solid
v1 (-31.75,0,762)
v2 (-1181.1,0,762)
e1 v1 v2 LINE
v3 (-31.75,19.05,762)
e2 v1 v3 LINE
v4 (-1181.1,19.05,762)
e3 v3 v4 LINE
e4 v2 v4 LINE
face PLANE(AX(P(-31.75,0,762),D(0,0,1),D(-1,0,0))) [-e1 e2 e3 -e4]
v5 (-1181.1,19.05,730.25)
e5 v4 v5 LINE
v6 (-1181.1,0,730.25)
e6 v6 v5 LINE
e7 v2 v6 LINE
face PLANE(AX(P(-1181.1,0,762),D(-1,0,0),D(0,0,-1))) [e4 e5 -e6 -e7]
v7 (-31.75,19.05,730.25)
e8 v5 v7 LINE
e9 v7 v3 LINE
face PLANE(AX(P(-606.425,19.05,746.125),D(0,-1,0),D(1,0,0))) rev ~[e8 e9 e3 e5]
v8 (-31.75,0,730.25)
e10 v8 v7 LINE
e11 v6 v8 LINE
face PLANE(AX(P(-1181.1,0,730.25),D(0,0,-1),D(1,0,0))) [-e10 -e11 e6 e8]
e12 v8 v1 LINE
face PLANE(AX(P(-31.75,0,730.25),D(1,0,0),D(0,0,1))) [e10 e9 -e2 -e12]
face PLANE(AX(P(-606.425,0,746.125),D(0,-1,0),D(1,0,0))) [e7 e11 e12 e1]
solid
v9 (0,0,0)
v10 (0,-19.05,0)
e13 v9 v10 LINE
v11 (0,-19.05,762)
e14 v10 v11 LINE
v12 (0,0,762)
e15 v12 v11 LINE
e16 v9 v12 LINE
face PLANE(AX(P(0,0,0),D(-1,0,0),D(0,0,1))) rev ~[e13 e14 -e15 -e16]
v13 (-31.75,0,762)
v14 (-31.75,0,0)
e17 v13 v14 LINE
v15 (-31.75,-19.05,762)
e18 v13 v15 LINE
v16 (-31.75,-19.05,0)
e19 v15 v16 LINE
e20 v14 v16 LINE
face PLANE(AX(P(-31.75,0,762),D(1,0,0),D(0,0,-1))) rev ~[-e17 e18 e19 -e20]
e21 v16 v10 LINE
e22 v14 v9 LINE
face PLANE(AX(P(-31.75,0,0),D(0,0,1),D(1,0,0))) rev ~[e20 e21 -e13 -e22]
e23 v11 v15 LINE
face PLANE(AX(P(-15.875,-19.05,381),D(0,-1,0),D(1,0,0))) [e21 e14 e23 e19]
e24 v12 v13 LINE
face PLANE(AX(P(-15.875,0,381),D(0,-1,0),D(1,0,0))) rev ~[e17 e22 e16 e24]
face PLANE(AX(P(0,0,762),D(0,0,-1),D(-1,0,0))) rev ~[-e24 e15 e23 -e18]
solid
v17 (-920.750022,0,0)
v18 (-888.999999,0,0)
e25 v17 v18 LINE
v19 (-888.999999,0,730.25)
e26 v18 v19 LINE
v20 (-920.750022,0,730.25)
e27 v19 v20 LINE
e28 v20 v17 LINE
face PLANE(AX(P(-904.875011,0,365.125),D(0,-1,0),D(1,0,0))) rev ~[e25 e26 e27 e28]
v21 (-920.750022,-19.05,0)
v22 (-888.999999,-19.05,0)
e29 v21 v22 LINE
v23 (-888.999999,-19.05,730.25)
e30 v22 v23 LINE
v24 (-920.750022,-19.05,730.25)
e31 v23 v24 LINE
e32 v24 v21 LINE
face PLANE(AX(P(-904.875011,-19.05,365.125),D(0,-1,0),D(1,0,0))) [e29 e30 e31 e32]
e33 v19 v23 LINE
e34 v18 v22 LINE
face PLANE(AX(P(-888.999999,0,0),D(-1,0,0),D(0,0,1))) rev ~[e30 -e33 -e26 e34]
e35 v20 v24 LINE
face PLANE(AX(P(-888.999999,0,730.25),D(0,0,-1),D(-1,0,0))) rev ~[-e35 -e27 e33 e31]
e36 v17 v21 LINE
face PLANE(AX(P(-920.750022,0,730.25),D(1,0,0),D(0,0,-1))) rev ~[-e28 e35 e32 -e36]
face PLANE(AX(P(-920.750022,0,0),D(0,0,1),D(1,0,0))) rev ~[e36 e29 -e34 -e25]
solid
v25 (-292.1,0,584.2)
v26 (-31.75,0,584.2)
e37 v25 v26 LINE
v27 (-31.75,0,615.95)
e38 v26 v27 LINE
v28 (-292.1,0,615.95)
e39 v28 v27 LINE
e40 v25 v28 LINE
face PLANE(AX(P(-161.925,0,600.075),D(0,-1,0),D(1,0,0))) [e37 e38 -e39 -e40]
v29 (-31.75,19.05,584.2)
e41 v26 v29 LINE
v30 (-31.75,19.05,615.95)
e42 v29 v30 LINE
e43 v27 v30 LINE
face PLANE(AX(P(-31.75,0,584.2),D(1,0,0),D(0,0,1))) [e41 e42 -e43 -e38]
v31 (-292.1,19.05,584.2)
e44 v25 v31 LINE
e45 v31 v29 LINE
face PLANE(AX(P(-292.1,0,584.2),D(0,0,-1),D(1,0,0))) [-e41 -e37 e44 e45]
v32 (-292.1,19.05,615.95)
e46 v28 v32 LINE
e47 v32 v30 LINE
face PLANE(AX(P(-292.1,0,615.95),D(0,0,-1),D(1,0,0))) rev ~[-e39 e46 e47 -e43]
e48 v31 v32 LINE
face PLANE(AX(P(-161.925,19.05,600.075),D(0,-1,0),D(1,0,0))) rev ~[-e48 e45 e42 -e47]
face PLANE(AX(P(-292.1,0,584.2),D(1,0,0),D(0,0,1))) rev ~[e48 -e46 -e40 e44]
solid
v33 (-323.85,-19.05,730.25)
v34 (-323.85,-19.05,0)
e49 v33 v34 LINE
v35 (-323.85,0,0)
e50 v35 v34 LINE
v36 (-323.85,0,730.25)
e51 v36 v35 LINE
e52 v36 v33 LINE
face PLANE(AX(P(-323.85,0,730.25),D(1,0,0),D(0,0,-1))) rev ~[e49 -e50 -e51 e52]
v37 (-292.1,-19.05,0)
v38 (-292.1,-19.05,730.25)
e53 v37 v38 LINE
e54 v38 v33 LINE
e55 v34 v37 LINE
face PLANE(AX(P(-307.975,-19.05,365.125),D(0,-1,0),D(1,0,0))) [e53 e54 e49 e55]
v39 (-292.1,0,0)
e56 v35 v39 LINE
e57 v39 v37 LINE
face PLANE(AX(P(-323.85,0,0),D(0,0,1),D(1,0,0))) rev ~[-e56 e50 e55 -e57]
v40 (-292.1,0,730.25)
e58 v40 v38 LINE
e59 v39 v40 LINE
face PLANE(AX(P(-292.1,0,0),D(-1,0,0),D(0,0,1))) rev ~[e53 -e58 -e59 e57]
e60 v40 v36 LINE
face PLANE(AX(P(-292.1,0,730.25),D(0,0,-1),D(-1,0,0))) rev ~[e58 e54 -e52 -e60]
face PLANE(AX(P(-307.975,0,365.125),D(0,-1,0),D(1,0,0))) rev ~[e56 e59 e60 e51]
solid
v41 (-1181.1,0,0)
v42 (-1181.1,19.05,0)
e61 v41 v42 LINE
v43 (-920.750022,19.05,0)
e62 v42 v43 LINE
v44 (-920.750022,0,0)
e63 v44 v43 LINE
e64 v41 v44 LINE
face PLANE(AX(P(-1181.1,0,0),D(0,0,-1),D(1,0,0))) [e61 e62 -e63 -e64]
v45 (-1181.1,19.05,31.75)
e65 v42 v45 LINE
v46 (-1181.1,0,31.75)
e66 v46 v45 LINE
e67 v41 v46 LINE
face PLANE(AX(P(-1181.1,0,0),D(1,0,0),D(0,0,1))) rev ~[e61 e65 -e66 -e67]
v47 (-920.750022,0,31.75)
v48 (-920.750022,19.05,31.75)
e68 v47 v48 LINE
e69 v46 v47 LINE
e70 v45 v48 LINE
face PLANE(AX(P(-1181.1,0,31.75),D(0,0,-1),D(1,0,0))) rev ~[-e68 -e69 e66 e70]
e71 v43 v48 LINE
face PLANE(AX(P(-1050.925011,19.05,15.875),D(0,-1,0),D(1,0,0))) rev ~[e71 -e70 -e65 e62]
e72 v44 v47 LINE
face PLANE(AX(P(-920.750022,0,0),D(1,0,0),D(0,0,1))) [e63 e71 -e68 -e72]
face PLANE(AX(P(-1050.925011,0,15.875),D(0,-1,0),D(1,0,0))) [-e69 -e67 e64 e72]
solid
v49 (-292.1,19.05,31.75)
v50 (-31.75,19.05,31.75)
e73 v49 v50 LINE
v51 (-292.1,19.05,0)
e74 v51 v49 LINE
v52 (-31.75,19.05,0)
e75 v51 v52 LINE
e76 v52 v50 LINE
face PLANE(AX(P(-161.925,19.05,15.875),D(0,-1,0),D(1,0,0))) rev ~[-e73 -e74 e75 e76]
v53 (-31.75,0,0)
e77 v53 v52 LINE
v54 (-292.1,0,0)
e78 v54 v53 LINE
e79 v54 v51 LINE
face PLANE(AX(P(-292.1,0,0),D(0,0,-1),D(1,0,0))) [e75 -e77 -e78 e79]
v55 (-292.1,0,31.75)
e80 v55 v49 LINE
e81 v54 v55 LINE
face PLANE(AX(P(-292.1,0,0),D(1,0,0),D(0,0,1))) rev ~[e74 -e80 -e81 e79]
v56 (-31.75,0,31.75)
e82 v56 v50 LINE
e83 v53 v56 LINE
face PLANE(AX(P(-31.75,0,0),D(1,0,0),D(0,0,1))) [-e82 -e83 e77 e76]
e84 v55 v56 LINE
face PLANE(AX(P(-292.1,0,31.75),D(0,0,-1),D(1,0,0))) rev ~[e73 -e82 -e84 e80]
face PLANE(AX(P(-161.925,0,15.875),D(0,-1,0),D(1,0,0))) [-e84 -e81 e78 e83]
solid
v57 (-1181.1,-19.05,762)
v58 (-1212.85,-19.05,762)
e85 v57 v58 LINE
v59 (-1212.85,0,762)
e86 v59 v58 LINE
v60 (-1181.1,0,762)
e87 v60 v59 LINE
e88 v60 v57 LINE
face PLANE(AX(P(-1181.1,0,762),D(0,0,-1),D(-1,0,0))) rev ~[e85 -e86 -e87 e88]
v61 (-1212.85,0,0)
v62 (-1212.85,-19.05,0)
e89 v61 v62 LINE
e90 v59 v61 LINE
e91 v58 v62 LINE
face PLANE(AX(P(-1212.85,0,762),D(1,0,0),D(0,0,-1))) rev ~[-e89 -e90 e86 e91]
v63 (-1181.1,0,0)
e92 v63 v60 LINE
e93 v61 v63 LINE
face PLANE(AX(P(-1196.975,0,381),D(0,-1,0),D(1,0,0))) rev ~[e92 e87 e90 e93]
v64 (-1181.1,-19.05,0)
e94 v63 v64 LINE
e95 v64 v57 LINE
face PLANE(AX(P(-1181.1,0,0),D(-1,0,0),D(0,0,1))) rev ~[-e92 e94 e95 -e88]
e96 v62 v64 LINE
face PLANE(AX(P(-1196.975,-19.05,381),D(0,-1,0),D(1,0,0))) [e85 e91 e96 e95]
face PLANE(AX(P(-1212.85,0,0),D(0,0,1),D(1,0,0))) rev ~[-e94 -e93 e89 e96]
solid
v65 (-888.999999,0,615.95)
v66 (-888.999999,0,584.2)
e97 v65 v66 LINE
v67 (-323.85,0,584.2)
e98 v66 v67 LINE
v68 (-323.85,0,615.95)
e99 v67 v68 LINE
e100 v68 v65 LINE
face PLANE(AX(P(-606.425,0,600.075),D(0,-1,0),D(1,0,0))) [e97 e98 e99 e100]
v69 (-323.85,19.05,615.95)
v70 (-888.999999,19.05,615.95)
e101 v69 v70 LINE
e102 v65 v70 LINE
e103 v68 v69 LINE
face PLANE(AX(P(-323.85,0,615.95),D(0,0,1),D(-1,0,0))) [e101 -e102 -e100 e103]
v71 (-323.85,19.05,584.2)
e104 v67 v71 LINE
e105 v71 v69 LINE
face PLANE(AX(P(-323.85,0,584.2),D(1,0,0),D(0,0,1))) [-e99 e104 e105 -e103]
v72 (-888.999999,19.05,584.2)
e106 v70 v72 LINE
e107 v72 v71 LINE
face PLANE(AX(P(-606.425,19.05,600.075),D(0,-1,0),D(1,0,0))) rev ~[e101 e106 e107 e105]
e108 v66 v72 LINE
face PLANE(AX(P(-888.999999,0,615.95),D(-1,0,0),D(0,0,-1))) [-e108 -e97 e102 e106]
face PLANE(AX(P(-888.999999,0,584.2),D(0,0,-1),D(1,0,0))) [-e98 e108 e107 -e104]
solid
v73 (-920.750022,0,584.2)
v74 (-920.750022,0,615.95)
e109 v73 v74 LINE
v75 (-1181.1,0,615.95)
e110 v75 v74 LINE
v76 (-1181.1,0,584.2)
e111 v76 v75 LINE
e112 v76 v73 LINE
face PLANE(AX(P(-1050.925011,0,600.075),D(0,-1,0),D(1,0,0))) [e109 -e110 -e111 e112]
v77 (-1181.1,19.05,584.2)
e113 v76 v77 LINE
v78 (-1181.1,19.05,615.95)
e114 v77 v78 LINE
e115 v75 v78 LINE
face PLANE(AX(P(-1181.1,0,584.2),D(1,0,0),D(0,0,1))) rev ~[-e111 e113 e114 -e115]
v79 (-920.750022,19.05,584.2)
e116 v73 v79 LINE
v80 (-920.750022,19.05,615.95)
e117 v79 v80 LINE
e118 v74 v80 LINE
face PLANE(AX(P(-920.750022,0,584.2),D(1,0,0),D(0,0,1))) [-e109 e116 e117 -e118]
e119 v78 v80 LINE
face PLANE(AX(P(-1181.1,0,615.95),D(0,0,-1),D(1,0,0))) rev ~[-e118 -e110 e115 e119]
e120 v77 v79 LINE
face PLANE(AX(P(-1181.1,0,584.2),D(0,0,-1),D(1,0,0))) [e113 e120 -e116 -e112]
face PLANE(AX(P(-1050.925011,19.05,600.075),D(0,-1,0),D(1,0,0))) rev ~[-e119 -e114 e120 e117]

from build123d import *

# Parameters (mm, degrees)
F1_DEPTH = 19.05
F0_W     = 260.349978
F0_H     = 31.75
F0_W_2   = 260.35
F2_DEPTH = 19.05


with BuildPart() as f1:
    # F0 (on Front) → F1 (new body)
    with BuildSketch(Plane.XZ):
        Polygon((-1181.1, 730.25), (-1181.1, 762), (-1212.85, 762), (-1212.85, 0), (-1181.1, 0), (-1181.1, 31.75), (-1181.1, 584.2), (-1181.1, 615.95), align=None)
        Polygon((-888.999999, 730.25), (-920.750022, 730.25), (-920.750022, 615.95), (-920.750022, 584.2), (-920.750022, 31.75), (-920.750022, 0), (-888.999999, 0), (-888.999999, 31.75), (-888.999999, 584.2), (-888.999999, 615.95), align=None)
        Polygon((-323.85, 0), (-292.1, 0), (-292.1, 31.75), (-292.1, 584.2), (-292.1, 615.95), (-292.1, 730.25), (-323.85, 730.25), (-323.85, 615.95), (-323.85, 584.2), (-323.85, 31.75), align=None)
        Polygon((-31.75, 0), (0, 0), (0, 762), (-31.75, 762), (-31.75, 730.25), (-31.75, 615.95), (-31.75, 584.2), (-31.75, 31.75), align=None)
    extrude(amount=F1_DEPTH)


with BuildPart() as f2:
    # F0 (on Front) → F2 (new body)
    with BuildSketch(Plane.XZ):
        with Locations((-1050.925011, 15.875)):
            Rectangle(F0_W, F0_H)
        with Locations((-161.925, 15.875)):
            Rectangle(F0_W_2, F0_H)
        Polygon((-330.2, 584.2), (-323.85, 584.2), (-323.85, 615.95), (-330.2, 615.95), (-882.65, 615.95), (-888.999999, 615.95), (-888.999999, 584.2), (-882.65, 584.2), align=None)
        with Locations((-1050.925011, 600.075)):
            Rectangle(F0_W, F0_H)
        Polygon((-31.75, 730.25), (-31.75, 762), (-1181.1, 762), (-1181.1, 730.25), (-920.750022, 730.25), (-888.999999, 730.25), (-323.85, 730.25), (-292.1, 730.25), align=None)
        with Locations((-161.925, 600.075)):
            Rectangle(F0_W_2, F0_H)
    extrude(amount=-F2_DEPTH)


solid = Compound([f1.part, f2.part])
